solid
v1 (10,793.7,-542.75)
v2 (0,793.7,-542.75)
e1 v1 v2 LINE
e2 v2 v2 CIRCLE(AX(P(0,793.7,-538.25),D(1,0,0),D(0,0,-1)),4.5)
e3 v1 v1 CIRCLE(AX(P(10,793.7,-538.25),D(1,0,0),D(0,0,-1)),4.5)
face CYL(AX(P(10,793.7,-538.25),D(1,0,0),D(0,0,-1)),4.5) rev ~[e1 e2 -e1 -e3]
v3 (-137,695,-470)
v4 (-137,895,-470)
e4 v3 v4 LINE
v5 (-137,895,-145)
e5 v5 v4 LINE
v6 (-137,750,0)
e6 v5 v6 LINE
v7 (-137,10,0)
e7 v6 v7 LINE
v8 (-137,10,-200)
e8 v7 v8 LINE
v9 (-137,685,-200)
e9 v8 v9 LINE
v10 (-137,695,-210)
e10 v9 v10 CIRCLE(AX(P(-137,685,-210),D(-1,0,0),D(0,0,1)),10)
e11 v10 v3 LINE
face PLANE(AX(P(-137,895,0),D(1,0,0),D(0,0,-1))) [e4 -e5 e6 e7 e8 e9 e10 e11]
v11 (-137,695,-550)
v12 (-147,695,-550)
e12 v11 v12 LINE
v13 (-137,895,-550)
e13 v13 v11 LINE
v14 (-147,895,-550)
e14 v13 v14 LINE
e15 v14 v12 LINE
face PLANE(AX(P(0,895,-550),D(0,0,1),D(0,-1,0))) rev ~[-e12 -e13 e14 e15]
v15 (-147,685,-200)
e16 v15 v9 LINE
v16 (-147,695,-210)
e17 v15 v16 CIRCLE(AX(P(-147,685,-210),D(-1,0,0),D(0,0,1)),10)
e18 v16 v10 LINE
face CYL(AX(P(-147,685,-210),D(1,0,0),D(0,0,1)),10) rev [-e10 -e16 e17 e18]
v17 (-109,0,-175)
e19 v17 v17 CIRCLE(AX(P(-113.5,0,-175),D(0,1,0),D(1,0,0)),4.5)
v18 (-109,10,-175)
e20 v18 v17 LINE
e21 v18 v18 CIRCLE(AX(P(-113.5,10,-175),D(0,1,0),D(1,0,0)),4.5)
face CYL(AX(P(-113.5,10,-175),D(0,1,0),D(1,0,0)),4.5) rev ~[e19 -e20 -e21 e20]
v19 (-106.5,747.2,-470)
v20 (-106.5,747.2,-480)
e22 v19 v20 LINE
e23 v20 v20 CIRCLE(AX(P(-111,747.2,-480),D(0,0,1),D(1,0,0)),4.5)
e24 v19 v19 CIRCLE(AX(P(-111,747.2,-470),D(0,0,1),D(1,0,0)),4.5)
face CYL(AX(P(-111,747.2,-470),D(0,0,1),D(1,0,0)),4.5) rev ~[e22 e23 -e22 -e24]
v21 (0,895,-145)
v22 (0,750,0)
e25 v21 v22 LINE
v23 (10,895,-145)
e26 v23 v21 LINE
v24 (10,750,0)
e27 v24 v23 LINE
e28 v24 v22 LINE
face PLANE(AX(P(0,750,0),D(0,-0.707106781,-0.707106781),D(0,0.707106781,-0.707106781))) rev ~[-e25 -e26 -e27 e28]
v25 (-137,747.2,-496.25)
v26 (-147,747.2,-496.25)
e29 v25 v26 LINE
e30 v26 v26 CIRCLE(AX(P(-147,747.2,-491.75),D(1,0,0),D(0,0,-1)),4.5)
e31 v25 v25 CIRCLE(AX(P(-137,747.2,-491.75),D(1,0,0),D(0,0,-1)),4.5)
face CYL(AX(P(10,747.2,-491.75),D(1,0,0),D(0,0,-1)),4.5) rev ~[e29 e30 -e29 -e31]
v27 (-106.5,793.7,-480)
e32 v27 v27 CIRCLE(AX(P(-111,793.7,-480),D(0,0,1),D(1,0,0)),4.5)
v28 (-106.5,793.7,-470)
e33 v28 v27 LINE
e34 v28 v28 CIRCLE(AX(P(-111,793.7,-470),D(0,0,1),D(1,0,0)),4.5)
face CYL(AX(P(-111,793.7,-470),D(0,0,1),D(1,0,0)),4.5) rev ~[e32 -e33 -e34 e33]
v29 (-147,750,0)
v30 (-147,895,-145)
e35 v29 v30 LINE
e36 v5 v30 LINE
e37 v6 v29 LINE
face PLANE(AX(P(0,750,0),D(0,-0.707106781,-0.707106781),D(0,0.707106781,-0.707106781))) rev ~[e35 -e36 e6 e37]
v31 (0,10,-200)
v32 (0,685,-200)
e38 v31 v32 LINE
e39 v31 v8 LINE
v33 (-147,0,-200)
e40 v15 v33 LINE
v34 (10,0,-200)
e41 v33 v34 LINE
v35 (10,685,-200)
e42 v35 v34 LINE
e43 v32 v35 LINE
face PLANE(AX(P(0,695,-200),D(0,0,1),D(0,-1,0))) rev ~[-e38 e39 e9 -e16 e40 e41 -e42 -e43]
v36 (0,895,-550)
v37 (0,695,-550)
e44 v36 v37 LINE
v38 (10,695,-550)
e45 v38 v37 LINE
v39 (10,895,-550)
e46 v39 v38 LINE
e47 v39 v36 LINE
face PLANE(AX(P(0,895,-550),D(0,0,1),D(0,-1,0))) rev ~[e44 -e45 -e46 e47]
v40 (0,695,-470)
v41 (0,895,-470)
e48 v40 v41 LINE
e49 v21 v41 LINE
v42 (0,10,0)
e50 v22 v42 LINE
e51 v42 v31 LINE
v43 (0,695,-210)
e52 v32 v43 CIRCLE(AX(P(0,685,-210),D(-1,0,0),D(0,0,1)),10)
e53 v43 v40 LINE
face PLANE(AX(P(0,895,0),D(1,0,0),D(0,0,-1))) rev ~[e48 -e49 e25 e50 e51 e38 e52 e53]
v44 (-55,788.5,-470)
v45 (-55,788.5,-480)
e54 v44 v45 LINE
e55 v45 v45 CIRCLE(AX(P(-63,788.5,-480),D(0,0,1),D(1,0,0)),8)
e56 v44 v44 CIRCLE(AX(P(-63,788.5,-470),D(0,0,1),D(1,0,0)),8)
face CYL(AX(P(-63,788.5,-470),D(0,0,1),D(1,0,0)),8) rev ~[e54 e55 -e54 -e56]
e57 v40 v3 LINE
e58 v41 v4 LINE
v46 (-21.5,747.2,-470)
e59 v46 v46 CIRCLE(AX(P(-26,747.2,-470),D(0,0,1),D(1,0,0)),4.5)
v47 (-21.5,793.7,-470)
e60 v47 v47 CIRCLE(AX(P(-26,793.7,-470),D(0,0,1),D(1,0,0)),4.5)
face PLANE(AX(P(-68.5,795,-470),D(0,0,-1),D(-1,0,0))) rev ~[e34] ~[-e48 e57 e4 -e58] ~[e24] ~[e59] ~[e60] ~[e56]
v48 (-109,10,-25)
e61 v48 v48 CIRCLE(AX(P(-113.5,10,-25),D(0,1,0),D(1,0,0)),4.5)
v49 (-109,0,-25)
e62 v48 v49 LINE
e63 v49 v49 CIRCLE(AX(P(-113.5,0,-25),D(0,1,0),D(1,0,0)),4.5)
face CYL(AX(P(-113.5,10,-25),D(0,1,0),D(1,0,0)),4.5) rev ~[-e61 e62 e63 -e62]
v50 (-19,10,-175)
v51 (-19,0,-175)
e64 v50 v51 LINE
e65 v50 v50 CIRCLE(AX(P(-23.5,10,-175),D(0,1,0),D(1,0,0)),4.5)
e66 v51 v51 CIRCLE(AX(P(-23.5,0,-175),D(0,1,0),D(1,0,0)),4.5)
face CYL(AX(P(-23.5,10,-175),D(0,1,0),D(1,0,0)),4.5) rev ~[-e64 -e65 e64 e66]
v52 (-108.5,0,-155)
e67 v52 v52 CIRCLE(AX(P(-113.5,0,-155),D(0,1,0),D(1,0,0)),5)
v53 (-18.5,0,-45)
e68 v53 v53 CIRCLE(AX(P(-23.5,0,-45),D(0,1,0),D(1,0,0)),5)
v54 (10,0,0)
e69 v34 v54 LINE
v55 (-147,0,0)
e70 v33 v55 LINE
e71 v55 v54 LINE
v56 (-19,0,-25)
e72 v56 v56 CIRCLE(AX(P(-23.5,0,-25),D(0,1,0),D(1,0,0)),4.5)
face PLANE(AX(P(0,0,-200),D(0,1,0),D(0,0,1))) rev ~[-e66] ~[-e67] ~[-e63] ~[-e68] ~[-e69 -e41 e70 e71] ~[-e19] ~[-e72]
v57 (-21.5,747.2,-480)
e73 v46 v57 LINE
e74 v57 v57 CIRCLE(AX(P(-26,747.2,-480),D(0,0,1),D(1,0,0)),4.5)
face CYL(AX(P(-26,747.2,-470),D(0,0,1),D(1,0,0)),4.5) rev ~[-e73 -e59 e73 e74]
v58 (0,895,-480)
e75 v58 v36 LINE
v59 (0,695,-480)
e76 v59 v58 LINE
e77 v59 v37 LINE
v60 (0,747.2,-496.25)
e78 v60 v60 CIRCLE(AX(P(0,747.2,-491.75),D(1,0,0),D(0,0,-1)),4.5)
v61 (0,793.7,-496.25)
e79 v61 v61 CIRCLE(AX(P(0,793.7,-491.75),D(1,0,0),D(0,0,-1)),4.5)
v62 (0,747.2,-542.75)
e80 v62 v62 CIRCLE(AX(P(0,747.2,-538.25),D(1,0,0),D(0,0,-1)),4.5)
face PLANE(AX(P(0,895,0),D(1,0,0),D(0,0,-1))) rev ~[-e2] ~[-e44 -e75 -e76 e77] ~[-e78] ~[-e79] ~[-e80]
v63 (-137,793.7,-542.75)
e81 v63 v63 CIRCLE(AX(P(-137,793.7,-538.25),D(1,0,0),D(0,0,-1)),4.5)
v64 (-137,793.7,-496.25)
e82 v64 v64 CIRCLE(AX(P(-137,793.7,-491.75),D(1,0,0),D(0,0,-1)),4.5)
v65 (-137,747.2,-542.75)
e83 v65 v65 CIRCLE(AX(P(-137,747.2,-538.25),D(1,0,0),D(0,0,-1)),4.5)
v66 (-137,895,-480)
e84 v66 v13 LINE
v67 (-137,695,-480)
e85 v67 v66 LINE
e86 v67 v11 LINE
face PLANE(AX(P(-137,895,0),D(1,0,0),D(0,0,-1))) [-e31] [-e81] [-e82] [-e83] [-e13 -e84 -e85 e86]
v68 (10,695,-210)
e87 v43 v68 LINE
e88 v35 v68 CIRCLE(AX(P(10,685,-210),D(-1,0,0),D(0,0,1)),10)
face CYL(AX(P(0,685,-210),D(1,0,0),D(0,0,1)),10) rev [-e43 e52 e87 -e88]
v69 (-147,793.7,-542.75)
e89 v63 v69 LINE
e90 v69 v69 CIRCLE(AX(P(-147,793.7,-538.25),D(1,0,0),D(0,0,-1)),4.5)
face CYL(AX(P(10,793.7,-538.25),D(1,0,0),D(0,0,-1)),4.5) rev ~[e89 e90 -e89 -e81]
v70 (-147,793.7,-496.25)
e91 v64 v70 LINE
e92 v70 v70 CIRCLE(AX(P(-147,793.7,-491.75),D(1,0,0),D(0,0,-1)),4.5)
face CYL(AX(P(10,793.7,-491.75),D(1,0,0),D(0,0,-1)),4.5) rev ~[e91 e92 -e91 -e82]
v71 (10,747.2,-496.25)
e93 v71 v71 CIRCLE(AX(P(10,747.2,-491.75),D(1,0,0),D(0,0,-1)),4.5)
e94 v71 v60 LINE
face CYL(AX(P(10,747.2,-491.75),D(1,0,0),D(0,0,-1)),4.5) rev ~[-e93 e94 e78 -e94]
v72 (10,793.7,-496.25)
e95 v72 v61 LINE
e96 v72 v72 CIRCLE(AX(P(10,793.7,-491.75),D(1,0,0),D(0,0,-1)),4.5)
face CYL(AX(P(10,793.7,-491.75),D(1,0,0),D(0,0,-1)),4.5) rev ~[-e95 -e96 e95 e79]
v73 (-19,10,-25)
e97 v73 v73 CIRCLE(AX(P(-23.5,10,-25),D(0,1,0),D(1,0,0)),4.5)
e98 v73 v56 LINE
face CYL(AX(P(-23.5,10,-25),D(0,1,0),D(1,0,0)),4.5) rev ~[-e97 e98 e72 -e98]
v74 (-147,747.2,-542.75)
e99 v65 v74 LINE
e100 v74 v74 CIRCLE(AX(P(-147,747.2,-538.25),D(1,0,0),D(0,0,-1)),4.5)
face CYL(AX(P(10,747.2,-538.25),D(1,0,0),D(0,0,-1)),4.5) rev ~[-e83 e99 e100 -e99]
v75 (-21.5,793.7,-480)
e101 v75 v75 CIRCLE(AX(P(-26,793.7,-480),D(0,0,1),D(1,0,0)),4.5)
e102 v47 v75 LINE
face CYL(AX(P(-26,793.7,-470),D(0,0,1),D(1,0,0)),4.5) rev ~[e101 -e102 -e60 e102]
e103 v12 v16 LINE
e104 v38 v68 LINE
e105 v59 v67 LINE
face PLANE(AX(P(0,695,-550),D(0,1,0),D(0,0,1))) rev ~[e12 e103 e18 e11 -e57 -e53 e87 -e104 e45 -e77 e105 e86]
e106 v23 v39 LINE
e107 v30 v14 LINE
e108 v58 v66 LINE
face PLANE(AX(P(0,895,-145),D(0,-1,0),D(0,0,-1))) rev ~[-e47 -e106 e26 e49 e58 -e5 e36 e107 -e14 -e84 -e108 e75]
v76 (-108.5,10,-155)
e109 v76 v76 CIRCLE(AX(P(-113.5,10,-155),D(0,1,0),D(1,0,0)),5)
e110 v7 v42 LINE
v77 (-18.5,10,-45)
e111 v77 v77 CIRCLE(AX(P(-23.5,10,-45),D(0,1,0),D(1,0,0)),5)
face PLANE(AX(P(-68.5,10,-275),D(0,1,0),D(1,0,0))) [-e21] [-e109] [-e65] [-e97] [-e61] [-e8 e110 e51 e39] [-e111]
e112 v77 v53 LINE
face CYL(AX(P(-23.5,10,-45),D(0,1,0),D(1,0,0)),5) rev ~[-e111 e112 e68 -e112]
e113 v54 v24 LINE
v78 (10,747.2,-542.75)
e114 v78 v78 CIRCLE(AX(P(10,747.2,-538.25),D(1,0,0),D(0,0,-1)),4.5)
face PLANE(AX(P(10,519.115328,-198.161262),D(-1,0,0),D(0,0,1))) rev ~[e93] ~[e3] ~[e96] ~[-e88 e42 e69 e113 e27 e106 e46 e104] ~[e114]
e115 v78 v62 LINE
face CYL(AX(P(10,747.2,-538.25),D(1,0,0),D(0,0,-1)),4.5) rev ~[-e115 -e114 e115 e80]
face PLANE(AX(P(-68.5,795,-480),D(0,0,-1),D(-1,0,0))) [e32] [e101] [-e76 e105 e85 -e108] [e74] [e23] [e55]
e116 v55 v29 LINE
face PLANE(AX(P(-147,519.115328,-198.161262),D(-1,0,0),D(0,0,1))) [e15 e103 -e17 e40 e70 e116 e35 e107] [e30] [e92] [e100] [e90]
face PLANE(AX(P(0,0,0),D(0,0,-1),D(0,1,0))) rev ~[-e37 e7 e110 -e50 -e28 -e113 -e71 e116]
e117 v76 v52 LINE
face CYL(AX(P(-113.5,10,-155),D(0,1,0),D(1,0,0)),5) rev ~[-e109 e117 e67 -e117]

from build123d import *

# Parameters (mm, degrees)
BOSS_EXTRUDE1_DEPTH      = 10
BOSS_EXTRUDE1_DEPTH_BACK = 147
SKETCH3_W                = 137
SKETCH3_H                = 550
CUT_EXTRUDE1_DEPTH       = 885
SKETCH4_W                = 137
SKETCH4_H                = 200
BOSS_EXTRUDE2_DEPTH      = 10
SKETCH5_R                = 4.5
CUT_EXTRUDE2_DEPTH       = 158
CUT_EXTRUDE3_REACH       = 82
SKETCH6_R                = 4.5
SKETCH6_R_2              = 8
CUT_EXTRUDE4_REACH       = 12
SKETCH7_R                = 4.5
SKETCH7_R_2              = 5
FILLET1_R                = 10


with BuildPart() as part:
    # Sketch1 → Boss-Extrude1 (new body, two sides)
    with BuildSketch(Plane(origin=(0, 0, 0), x_dir=(0, 0, -1), z_dir=(1, 0, 0))) as boss_extrude1_sk:
        Polygon((0, 0), (0, 750), (145, 895), (550, 895), (550, 695), (200, 695), (200, 0), align=None)
    extrude(amount=BOSS_EXTRUDE1_DEPTH)
    extrude(boss_extrude1_sk.sketch, amount=-BOSS_EXTRUDE1_DEPTH_BACK)

    # Sketch3 → Cut-Extrude1 (cut)
    with BuildSketch(Plane(origin=(0, 895, 0), x_dir=(1, 0, 0), z_dir=(0, 1, 0))):
        with Locations((-68.5, 275)):
            Rectangle(SKETCH3_W, SKETCH3_H)
    extrude(amount=-CUT_EXTRUDE1_DEPTH, mode=Mode.SUBTRACT)

    # Sketch4 → Boss-Extrude2 (add)
    with BuildSketch(Plane(origin=(0, 0, -480), x_dir=(-1, 0, 0), z_dir=(0, 0, -1))):
        with Locations((68.5, 795)):
            Rectangle(SKETCH4_W, SKETCH4_H)
    extrude(amount=-BOSS_EXTRUDE2_DEPTH)

    # Sketch5 → Cut-Extrude2 (cut, through all)
    with BuildSketch(Plane(origin=(10, 0, 0), x_dir=(0, 0, -1), z_dir=(1, 0, 0))):
        with Locations((538.25, 747.2)):
            Circle(SKETCH5_R)
        with Locations((538.25, 793.7)):
            Circle(SKETCH5_R)
        with Locations((491.75, 747.2)):
            Circle(SKETCH5_R)
        with Locations((491.75, 793.7)):
            Circle(SKETCH5_R)
    extrude(amount=-CUT_EXTRUDE2_DEPTH, mode=Mode.SUBTRACT)

    # Sketch6 → Cut-Extrude3 (cut, up to next)
    with BuildSketch(Plane.XY.offset(-470), mode=Mode.PRIVATE) as cut_extrude3_sk1:
        with Locations((-111, 747.2)):
            Circle(SKETCH6_R)
    cut_extrude3_tool1 = extrude(cut_extrude3_sk1.sketch, amount=-CUT_EXTRUDE3_REACH, mode=Mode.PRIVATE) & part.part
    add(cut_extrude3_tool1.solids().sort_by_distance((-111, 747.2, -470))[0], mode=Mode.SUBTRACT)
    # Sketch6 → Cut-Extrude3 (cut, up to next)
    with BuildSketch(Plane.XY.offset(-470), mode=Mode.PRIVATE) as cut_extrude3_sk2:
        with Locations((-26, 747.2)):
            Circle(SKETCH6_R)
    cut_extrude3_tool2 = extrude(cut_extrude3_sk2.sketch, amount=-CUT_EXTRUDE3_REACH, mode=Mode.PRIVATE) & part.part
    add(cut_extrude3_tool2.solids().sort_by_distance((-26, 747.2, -470))[0], mode=Mode.SUBTRACT)
    # Sketch6 → Cut-Extrude3 (cut, up to next)
    with BuildSketch(Plane.XY.offset(-470), mode=Mode.PRIVATE) as cut_extrude3_sk3:
        with Locations((-111, 793.7)):
            Circle(SKETCH6_R)
    cut_extrude3_tool3 = extrude(cut_extrude3_sk3.sketch, amount=-CUT_EXTRUDE3_REACH, mode=Mode.PRIVATE) & part.part
    add(cut_extrude3_tool3.solids().sort_by_distance((-111, 793.7, -470))[0], mode=Mode.SUBTRACT)
    # Sketch6 → Cut-Extrude3 (cut, up to next)
    with BuildSketch(Plane.XY.offset(-470), mode=Mode.PRIVATE) as cut_extrude3_sk4:
        with Locations((-26, 793.7)):
            Circle(SKETCH6_R)
    cut_extrude3_tool4 = extrude(cut_extrude3_sk4.sketch, amount=-CUT_EXTRUDE3_REACH, mode=Mode.PRIVATE) & part.part
    add(cut_extrude3_tool4.solids().sort_by_distance((-26, 793.7, -470))[0], mode=Mode.SUBTRACT)
    # Sketch6 → Cut-Extrude3 (cut, up to next)
    with BuildSketch(Plane.XY.offset(-470), mode=Mode.PRIVATE) as cut_extrude3_sk5:
        with Locations((-63, 788.5)):
            Circle(SKETCH6_R_2)
    cut_extrude3_tool5 = extrude(cut_extrude3_sk5.sketch, amount=-CUT_EXTRUDE3_REACH, mode=Mode.PRIVATE) & part.part
    add(cut_extrude3_tool5.solids().sort_by_distance((-63, 788.5, -470))[0], mode=Mode.SUBTRACT)

    # Sketch7 → Cut-Extrude4 (cut, up to next)
    with BuildSketch(Plane(origin=(0, 10, 0), x_dir=(1, 0, 0), z_dir=(0, 1, 0)), mode=Mode.PRIVATE) as cut_extrude4_sk1:
        with Locations((-113.5, 175)):
            Circle(SKETCH7_R)
    cut_extrude4_tool1 = extrude(cut_extrude4_sk1.sketch, amount=-CUT_EXTRUDE4_REACH, mode=Mode.PRIVATE) & part.part
    add(cut_extrude4_tool1.solids().sort_by_distance((-113.5, 10, -175))[0], mode=Mode.SUBTRACT)
    # Sketch7 → Cut-Extrude4 (cut, up to next)
    with BuildSketch(Plane(origin=(0, 10, 0), x_dir=(1, 0, 0), z_dir=(0, 1, 0)), mode=Mode.PRIVATE) as cut_extrude4_sk2:
        with Locations((-23.5, 175)):
            Circle(SKETCH7_R)
    cut_extrude4_tool2 = extrude(cut_extrude4_sk2.sketch, amount=-CUT_EXTRUDE4_REACH, mode=Mode.PRIVATE) & part.part
    add(cut_extrude4_tool2.solids().sort_by_distance((-23.5, 10, -175))[0], mode=Mode.SUBTRACT)
    # Sketch7 → Cut-Extrude4 (cut, up to next)
    with BuildSketch(Plane(origin=(0, 10, 0), x_dir=(1, 0, 0), z_dir=(0, 1, 0)), mode=Mode.PRIVATE) as cut_extrude4_sk3:
        with Locations((-23.5, 25)):
            Circle(SKETCH7_R)
    cut_extrude4_tool3 = extrude(cut_extrude4_sk3.sketch, amount=-CUT_EXTRUDE4_REACH, mode=Mode.PRIVATE) & part.part
    add(cut_extrude4_tool3.solids().sort_by_distance((-23.5, 10, -25))[0], mode=Mode.SUBTRACT)
    # Sketch7 → Cut-Extrude4 (cut, up to next)
    with BuildSketch(Plane(origin=(0, 10, 0), x_dir=(1, 0, 0), z_dir=(0, 1, 0)), mode=Mode.PRIVATE) as cut_extrude4_sk4:
        with Locations((-113.5, 25)):
            Circle(SKETCH7_R)
    cut_extrude4_tool4 = extrude(cut_extrude4_sk4.sketch, amount=-CUT_EXTRUDE4_REACH, mode=Mode.PRIVATE) & part.part
    add(cut_extrude4_tool4.solids().sort_by_distance((-113.5, 10, -25))[0], mode=Mode.SUBTRACT)
    # Sketch7 → Cut-Extrude4 (cut, up to next)
    with BuildSketch(Plane(origin=(0, 10, 0), x_dir=(1, 0, 0), z_dir=(0, 1, 0)), mode=Mode.PRIVATE) as cut_extrude4_sk5:
        with Locations((-113.5, 155)):
            Circle(SKETCH7_R_2)
    cut_extrude4_tool5 = extrude(cut_extrude4_sk5.sketch, amount=-CUT_EXTRUDE4_REACH, mode=Mode.PRIVATE) & part.part
    add(cut_extrude4_tool5.solids().sort_by_distance((-113.5, 10, -155))[0], mode=Mode.SUBTRACT)
    # Sketch7 → Cut-Extrude4 (cut, up to next)
    with BuildSketch(Plane(origin=(0, 10, 0), x_dir=(1, 0, 0), z_dir=(0, 1, 0)), mode=Mode.PRIVATE) as cut_extrude4_sk6:
        with Locations((-23.5, 45)):
            Circle(SKETCH7_R_2)
    cut_extrude4_tool6 = extrude(cut_extrude4_sk6.sketch, amount=-CUT_EXTRUDE4_REACH, mode=Mode.PRIVATE) & part.part
    add(cut_extrude4_tool6.solids().sort_by_distance((-23.5, 10, -45))[0], mode=Mode.SUBTRACT)

    # Fillet1
    fillet1_edges = [part.edges().sort_by_distance(p)[0] for p in [
        (-142, 695, -200),
        (5, 695, -200),
    ]]
    fillet(fillet1_edges, radius=FILLET1_R)


solid = part.part
